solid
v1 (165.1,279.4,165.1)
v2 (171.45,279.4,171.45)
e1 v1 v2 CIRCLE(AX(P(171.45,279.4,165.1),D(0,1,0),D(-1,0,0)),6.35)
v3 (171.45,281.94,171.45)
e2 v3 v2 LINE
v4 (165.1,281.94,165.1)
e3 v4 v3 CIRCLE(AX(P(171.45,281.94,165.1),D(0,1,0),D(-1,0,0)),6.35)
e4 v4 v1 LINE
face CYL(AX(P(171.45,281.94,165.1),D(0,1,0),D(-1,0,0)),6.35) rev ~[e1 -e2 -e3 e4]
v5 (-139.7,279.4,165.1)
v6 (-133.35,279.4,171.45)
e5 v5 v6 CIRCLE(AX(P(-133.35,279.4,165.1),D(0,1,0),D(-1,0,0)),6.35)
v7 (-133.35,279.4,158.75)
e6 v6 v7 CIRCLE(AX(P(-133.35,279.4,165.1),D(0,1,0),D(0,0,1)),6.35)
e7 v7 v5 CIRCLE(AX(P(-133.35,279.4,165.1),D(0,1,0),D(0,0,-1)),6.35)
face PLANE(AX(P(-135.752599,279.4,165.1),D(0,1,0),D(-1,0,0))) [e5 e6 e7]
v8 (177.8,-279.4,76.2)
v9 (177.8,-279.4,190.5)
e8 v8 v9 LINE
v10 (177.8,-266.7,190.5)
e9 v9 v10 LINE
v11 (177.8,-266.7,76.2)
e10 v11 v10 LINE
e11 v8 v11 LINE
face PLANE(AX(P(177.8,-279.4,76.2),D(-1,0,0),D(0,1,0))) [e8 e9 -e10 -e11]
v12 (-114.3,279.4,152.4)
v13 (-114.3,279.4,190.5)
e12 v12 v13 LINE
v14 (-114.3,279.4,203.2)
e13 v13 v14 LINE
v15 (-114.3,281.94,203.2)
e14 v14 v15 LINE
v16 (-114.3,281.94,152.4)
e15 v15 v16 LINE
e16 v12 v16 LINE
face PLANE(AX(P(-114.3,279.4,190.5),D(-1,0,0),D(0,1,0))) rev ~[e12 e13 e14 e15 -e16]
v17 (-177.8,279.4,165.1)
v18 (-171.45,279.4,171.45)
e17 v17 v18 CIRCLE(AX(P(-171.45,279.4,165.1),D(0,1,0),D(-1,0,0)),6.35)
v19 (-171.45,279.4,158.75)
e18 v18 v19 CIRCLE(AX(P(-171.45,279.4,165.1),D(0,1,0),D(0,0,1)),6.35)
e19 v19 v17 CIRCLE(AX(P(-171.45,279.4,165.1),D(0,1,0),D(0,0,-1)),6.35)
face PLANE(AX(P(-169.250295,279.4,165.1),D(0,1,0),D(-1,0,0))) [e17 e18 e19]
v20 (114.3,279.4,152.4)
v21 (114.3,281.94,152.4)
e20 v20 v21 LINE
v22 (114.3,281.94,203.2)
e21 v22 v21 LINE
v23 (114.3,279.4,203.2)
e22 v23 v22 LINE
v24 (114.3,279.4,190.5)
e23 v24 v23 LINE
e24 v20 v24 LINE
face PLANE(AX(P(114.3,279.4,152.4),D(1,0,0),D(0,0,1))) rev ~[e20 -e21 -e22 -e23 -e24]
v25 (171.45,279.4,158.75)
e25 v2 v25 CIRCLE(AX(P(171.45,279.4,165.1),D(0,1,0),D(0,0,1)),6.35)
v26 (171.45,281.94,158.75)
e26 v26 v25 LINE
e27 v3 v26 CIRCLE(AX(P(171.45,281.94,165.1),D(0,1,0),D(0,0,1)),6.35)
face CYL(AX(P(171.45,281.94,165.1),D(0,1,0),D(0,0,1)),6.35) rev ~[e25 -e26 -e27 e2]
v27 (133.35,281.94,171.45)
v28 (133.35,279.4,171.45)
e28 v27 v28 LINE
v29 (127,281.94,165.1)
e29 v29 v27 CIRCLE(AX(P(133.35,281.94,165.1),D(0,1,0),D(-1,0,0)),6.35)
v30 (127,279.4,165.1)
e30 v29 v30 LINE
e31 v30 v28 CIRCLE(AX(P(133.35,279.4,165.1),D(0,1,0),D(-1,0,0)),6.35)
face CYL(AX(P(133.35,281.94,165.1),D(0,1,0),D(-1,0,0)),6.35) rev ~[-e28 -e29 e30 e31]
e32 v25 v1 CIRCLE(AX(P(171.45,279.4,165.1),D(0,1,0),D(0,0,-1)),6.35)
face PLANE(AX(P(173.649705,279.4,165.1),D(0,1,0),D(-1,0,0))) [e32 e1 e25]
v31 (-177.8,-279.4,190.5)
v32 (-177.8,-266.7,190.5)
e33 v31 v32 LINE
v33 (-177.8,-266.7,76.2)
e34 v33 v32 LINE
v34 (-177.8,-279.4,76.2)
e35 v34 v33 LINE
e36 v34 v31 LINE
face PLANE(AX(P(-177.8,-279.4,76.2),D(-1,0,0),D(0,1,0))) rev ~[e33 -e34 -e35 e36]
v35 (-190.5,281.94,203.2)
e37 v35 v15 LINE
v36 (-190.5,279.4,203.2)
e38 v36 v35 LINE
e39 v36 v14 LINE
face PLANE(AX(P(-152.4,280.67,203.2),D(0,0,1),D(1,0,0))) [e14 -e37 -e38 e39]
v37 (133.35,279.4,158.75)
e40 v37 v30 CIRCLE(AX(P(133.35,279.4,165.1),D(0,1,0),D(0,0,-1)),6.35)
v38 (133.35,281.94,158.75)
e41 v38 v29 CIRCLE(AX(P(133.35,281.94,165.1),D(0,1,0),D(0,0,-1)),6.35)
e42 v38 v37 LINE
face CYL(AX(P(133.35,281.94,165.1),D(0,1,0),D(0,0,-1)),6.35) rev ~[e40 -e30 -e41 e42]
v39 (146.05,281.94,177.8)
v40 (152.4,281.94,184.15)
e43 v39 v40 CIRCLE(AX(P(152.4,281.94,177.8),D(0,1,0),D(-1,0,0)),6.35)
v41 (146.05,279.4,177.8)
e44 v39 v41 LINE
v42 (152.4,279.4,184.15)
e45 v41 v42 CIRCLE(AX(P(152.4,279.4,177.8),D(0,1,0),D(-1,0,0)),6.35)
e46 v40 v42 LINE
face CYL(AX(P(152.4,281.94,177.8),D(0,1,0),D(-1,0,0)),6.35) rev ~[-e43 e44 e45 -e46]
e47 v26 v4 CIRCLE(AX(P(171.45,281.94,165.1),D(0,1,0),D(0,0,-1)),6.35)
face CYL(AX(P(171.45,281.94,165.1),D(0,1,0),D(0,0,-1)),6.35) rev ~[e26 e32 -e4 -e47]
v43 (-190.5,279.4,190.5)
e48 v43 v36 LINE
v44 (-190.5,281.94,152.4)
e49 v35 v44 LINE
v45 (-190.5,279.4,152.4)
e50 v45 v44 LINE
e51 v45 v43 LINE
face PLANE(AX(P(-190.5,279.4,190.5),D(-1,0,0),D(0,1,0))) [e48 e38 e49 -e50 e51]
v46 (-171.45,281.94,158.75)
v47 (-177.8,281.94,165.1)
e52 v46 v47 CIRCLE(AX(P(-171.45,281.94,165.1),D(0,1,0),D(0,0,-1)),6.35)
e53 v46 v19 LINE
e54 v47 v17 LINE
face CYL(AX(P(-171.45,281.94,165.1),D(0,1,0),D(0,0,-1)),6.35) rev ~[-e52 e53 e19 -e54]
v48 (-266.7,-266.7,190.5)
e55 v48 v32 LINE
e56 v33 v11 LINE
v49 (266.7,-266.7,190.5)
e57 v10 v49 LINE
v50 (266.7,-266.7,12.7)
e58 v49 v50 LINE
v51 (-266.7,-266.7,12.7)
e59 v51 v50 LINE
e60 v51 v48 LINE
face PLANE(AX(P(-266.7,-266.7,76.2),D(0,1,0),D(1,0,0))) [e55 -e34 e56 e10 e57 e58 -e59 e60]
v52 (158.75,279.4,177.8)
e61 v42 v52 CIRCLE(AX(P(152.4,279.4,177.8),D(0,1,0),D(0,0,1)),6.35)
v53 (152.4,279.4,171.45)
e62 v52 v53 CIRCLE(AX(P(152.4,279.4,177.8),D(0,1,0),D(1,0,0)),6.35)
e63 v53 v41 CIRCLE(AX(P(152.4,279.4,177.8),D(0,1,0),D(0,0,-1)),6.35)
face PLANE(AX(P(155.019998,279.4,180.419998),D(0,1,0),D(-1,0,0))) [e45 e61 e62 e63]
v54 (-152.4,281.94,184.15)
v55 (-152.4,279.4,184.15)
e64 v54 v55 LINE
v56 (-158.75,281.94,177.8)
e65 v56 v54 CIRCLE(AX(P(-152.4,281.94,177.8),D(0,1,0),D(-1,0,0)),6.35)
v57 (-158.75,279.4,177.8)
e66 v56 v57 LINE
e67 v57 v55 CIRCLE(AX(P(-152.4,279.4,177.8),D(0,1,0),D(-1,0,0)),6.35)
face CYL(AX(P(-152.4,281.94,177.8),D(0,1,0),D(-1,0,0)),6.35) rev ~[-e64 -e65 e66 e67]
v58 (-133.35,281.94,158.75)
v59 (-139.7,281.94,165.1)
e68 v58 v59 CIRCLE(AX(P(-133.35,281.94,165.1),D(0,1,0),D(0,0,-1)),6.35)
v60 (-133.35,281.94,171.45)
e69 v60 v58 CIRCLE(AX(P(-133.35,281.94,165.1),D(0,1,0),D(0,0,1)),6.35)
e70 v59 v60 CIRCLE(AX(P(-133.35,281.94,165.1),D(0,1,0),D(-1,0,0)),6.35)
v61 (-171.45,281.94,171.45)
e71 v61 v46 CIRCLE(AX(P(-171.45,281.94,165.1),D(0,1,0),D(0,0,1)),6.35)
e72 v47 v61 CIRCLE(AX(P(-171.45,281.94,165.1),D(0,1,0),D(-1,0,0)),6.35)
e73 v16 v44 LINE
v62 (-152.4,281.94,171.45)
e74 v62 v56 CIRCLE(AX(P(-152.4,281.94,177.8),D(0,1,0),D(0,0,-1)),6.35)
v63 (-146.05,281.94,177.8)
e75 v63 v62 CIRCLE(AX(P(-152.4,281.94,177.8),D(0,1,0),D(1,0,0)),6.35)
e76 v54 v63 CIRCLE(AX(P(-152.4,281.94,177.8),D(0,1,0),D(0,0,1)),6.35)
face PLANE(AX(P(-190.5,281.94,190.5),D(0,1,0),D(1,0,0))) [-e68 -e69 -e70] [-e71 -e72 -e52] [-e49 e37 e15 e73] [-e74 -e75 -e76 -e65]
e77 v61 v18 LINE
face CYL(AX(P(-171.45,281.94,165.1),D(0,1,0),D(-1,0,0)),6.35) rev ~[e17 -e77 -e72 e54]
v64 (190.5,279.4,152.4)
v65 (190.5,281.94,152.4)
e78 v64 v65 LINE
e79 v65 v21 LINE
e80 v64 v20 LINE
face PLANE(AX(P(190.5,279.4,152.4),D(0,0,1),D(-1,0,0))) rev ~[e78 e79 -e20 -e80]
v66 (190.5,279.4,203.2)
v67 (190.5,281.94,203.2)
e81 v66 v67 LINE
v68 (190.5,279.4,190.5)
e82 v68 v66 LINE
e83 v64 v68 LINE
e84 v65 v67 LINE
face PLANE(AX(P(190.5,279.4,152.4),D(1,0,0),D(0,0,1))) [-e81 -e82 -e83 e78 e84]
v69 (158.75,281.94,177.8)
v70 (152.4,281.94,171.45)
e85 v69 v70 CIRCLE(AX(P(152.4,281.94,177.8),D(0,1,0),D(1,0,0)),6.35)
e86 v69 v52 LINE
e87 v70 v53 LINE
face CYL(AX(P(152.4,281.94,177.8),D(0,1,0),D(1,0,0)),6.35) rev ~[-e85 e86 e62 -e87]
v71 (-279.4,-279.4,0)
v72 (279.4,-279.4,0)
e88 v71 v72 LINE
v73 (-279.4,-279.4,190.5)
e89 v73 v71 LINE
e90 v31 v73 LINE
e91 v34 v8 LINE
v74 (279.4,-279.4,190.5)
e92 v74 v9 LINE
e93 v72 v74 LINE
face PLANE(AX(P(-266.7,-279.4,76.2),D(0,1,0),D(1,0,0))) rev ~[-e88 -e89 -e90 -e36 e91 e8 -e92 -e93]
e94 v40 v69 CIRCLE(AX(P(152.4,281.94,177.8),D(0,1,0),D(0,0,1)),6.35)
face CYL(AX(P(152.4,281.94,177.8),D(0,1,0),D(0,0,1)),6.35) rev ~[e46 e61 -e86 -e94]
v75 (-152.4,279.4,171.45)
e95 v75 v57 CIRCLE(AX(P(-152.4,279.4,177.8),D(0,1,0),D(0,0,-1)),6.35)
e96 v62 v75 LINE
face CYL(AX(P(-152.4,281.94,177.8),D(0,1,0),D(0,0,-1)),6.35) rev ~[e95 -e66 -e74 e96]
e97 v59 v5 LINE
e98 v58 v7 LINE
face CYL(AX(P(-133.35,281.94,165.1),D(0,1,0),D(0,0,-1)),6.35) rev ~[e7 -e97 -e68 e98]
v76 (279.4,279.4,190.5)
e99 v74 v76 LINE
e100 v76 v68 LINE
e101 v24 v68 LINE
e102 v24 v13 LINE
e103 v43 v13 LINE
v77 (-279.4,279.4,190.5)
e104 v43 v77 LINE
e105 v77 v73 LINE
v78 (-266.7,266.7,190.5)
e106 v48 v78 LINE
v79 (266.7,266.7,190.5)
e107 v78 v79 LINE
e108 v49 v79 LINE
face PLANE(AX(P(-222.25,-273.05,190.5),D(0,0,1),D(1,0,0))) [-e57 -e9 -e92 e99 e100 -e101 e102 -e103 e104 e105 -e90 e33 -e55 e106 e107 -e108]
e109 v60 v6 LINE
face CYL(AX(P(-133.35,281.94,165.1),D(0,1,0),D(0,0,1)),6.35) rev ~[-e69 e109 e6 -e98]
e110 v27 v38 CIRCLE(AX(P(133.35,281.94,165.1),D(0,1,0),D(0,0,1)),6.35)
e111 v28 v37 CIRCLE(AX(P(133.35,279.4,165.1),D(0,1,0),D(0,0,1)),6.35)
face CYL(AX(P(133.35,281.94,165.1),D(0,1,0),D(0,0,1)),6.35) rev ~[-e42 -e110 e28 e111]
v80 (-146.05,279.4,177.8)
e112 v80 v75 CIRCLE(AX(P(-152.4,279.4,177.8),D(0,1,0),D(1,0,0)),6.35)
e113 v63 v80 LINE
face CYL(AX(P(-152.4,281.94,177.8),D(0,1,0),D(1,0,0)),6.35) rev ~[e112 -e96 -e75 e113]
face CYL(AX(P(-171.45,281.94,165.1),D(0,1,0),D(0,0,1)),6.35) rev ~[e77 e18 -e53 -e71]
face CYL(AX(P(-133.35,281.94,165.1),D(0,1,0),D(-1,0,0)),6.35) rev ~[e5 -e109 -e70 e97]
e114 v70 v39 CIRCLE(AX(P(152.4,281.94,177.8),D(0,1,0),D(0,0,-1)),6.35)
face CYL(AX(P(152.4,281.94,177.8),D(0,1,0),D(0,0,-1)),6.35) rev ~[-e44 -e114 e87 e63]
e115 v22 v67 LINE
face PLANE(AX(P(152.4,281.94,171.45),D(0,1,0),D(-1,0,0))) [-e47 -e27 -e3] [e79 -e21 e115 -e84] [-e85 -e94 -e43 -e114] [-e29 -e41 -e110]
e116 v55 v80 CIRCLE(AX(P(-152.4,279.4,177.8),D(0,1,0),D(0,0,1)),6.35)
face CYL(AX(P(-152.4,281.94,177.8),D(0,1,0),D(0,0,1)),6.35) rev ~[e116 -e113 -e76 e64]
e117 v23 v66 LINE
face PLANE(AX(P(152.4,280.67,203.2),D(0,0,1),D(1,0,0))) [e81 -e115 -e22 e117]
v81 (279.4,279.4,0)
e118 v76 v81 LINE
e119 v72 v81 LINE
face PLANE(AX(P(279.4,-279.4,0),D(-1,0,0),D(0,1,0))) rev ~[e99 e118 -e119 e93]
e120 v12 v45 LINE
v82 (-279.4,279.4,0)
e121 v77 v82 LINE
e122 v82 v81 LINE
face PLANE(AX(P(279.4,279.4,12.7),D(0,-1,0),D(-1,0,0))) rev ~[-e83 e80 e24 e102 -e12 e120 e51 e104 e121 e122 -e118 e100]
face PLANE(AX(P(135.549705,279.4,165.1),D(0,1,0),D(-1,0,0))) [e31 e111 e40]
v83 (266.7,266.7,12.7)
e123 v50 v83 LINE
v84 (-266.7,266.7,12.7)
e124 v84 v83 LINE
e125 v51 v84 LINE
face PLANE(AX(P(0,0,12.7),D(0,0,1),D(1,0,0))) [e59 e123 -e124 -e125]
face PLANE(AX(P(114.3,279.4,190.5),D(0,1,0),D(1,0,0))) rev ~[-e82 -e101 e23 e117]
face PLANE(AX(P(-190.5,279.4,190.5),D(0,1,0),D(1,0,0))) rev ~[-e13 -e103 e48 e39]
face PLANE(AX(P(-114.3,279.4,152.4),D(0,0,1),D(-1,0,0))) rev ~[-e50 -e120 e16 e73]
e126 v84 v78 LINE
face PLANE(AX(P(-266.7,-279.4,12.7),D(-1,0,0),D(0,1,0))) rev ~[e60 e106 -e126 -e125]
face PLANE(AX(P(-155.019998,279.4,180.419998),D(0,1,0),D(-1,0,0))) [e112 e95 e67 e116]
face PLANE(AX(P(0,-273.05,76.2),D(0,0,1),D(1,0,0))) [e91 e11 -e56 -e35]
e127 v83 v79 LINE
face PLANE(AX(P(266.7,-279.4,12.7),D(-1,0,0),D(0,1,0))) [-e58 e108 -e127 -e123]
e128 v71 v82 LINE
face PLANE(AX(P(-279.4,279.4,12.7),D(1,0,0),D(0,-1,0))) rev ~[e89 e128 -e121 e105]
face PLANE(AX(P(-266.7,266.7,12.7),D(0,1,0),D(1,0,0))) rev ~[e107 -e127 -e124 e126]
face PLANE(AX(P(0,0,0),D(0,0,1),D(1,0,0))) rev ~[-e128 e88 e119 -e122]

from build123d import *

# Parameters (mm, degrees)
F0_W      = 558.8
F0_H      = 558.8
F1_DEPTH  = 12.7
F2_W      = 12.7
F2_H      = 546.1
F3_DEPTH  = 177.8
F4_W      = 533.4
F4_H      = 12.7
F5_DEPTH  = 63.5
F6_W      = 88.9
F6_H      = 12.7
F7_DEPTH  = 114.3
F8_W      = 76.2
F8_H      = 38.1
F9_DEPTH  = 2.54
F10_W     = 76.2
F10_H     = 2.54
F11_DEPTH = 12.7
F13_DEPTH = 2.54
F15_DEPTH = 2.54


with BuildPart() as f1:
    # F0 (on Top) → F1 (new body)
    with BuildSketch(Plane.XY):
        Rectangle(F0_W, F0_H)
    extrude(amount=F1_DEPTH)

    # F2 (on face) → F3 (join)
    with BuildSketch(Plane.XY.offset(12.7)):
        with Locations((-273.05, -6.35)):
            Rectangle(F2_W, F2_H)
        Polygon((279.4, 279.4), (-279.4, 279.4), (-279.4, 266.7), (-266.7, 266.7), (266.7, 266.7), (279.4, 266.7), align=None)
        with Locations((273.05, -6.35)):
            Rectangle(F2_W, F2_H)
    extrude(amount=F3_DEPTH)

    # F4 (on face) → F5 (join)
    with BuildSketch(Plane.XY.offset(12.7)):
        with Locations((0, -273.05)):
            Rectangle(F4_W, F4_H)
    extrude(amount=F5_DEPTH)

    # F6 (on face) → F7 (join)
    with BuildSketch(Plane.XY.offset(76.2)):
        with Locations((-222.25, -273.05)):
            Rectangle(F6_W, F6_H)
        with Locations((222.25, -273.05)):
            Rectangle(F6_W, F6_H)
    extrude(amount=F7_DEPTH)

    # F8 (on face) → F9 (join)
    with BuildSketch(Plane(origin=(0, 279.4, 0), x_dir=(-1, 0, 0), z_dir=(0, 1, 0))):
        with Locations((-152.4, 171.45)):
            Rectangle(F8_W, F8_H)
        with Locations((152.4, 171.45)):
            Rectangle(F8_W, F8_H)
    extrude(amount=F9_DEPTH)

    # F10 (on face) → F11 (join)
    with BuildSketch(Plane.XY.offset(190.5)):
        with Locations((-152.4, 280.67)):
            Rectangle(F10_W, F10_H)
        with Locations((152.4, 280.67)):
            Rectangle(F10_W, F10_H)
    extrude(amount=F11_DEPTH)

    # F12 (on face) → F13 (cut)
    with BuildSketch(Plane(origin=(0, 281.94, 0), x_dir=(-1, 0, 0), z_dir=(0, 1, 0))):
        with BuildLine():
            Line((-171.45, 158.75), (-171.45, 171.45))
            ThreePointArc((-171.45, 171.45), (-177.8, 165.1), (-171.45, 158.75))
        make_face()
        with BuildLine():
            ThreePointArc((-165.1, 165.1), (-166.9598719395, 169.5901280605), (-171.45, 171.45))
            Line((-171.45, 171.45), (-171.45, 158.75))
            ThreePointArc((-171.45, 158.75), (-166.9598719395, 160.6098719395), (-165.1, 165.1))
        make_face()
        with BuildLine():
            ThreePointArc((-152.4, 184.15), (-156.8901280605, 182.2901280605), (-158.75, 177.8))
            Line((-158.75, 177.8), (-152.4, 177.8))
            Line((-152.4, 177.8), (-152.4, 184.15))
        make_face()
        with BuildLine():
            Line((-152.4, 177.8), (-158.75, 177.8))
            ThreePointArc((-158.75, 177.8), (-156.8901280605, 173.3098719395), (-152.4, 171.45))
            Line((-152.4, 171.45), (-152.4, 177.8))
        make_face()
        with BuildLine():
            Line((-146.05, 177.8), (-152.4, 177.8))
            Line((-152.4, 177.8), (-152.4, 171.45))
            ThreePointArc((-152.4, 171.45), (-147.9098719395, 173.3098719395), (-146.05, 177.8))
        make_face()
        with BuildLine():
            Line((-152.4, 184.15), (-152.4, 177.8))
            Line((-152.4, 177.8), (-146.05, 177.8))
            ThreePointArc((-146.05, 177.8), (-147.9098719395, 182.2901280605), (-152.4, 184.15))
        make_face()
        with BuildLine():
            ThreePointArc((-133.35, 171.45), (-139.7, 165.1), (-133.35, 158.75))
            Line((-133.35, 158.75), (-133.35, 171.45))
        make_face()
        with BuildLine():
            Line((-133.35, 171.45), (-133.35, 158.75))
            ThreePointArc((-133.35, 158.75), (-128.8598719395, 160.6098719395), (-127, 165.1))
            ThreePointArc((-127, 165.1), (-128.8598719395, 169.5901280605), (-133.35, 171.45))
        make_face()
    extrude(amount=-F13_DEPTH, mode=Mode.SUBTRACT)

    # F14 (on face) → F15 (cut)
    with BuildSketch(Plane(origin=(0, 281.94, 0), x_dir=(-1, 0, 0), z_dir=(0, 1, 0))):
        with BuildLine():
            Line((152.4, 184.15), (152.4, 177.8))
            Line((152.4, 177.8), (158.75, 177.8))
            ThreePointArc((158.75, 177.8), (156.8901280605, 182.2901280605), (152.4, 184.15))
        make_face()
        with BuildLine():
            ThreePointArc((152.4, 184.15), (147.9098719395, 182.2901280605), (146.05, 177.8))
            Line((146.05, 177.8), (152.4, 177.8))
            Line((152.4, 177.8), (152.4, 184.15))
        make_face()
        with BuildLine():
            Line((152.4, 177.8), (146.05, 177.8))
            ThreePointArc((146.05, 177.8), (147.9098719395, 173.3098719395), (152.4, 171.45))
            Line((152.4, 171.45), (152.4, 177.8))
        make_face()
        with BuildLine():
            Line((158.75, 177.8), (152.4, 177.8))
            Line((152.4, 177.8), (152.4, 171.45))
            ThreePointArc((152.4, 171.45), (156.8901280605, 173.3098719395), (158.75, 177.8))
        make_face()
        with BuildLine():
            ThreePointArc((139.7, 165.1), (137.8401280605, 169.5901280605), (133.35, 171.45))
            Line((133.35, 171.45), (133.35, 158.75))
            ThreePointArc((133.35, 158.75), (137.8401280605, 160.6098719395), (139.7, 165.1))
        make_face()
        with BuildLine():
            Line((133.35, 158.75), (133.35, 171.45))
            ThreePointArc((133.35, 171.45), (127, 165.1), (133.35, 158.75))
        make_face()
        with BuildLine():
            ThreePointArc((171.45, 171.45), (165.1, 165.1), (171.45, 158.75))
            Line((171.45, 158.75), (171.45, 171.45))
        make_face()
        with BuildLine():
            Line((171.45, 171.45), (171.45, 158.75))
            ThreePointArc((171.45, 158.75), (175.9401280605, 160.6098719395), (177.8, 165.1))
            ThreePointArc((177.8, 165.1), (175.9401280605, 169.5901280605), (171.45, 171.45))
        make_face()
    extrude(amount=-F15_DEPTH, mode=Mode.SUBTRACT)


solid = f1.part
